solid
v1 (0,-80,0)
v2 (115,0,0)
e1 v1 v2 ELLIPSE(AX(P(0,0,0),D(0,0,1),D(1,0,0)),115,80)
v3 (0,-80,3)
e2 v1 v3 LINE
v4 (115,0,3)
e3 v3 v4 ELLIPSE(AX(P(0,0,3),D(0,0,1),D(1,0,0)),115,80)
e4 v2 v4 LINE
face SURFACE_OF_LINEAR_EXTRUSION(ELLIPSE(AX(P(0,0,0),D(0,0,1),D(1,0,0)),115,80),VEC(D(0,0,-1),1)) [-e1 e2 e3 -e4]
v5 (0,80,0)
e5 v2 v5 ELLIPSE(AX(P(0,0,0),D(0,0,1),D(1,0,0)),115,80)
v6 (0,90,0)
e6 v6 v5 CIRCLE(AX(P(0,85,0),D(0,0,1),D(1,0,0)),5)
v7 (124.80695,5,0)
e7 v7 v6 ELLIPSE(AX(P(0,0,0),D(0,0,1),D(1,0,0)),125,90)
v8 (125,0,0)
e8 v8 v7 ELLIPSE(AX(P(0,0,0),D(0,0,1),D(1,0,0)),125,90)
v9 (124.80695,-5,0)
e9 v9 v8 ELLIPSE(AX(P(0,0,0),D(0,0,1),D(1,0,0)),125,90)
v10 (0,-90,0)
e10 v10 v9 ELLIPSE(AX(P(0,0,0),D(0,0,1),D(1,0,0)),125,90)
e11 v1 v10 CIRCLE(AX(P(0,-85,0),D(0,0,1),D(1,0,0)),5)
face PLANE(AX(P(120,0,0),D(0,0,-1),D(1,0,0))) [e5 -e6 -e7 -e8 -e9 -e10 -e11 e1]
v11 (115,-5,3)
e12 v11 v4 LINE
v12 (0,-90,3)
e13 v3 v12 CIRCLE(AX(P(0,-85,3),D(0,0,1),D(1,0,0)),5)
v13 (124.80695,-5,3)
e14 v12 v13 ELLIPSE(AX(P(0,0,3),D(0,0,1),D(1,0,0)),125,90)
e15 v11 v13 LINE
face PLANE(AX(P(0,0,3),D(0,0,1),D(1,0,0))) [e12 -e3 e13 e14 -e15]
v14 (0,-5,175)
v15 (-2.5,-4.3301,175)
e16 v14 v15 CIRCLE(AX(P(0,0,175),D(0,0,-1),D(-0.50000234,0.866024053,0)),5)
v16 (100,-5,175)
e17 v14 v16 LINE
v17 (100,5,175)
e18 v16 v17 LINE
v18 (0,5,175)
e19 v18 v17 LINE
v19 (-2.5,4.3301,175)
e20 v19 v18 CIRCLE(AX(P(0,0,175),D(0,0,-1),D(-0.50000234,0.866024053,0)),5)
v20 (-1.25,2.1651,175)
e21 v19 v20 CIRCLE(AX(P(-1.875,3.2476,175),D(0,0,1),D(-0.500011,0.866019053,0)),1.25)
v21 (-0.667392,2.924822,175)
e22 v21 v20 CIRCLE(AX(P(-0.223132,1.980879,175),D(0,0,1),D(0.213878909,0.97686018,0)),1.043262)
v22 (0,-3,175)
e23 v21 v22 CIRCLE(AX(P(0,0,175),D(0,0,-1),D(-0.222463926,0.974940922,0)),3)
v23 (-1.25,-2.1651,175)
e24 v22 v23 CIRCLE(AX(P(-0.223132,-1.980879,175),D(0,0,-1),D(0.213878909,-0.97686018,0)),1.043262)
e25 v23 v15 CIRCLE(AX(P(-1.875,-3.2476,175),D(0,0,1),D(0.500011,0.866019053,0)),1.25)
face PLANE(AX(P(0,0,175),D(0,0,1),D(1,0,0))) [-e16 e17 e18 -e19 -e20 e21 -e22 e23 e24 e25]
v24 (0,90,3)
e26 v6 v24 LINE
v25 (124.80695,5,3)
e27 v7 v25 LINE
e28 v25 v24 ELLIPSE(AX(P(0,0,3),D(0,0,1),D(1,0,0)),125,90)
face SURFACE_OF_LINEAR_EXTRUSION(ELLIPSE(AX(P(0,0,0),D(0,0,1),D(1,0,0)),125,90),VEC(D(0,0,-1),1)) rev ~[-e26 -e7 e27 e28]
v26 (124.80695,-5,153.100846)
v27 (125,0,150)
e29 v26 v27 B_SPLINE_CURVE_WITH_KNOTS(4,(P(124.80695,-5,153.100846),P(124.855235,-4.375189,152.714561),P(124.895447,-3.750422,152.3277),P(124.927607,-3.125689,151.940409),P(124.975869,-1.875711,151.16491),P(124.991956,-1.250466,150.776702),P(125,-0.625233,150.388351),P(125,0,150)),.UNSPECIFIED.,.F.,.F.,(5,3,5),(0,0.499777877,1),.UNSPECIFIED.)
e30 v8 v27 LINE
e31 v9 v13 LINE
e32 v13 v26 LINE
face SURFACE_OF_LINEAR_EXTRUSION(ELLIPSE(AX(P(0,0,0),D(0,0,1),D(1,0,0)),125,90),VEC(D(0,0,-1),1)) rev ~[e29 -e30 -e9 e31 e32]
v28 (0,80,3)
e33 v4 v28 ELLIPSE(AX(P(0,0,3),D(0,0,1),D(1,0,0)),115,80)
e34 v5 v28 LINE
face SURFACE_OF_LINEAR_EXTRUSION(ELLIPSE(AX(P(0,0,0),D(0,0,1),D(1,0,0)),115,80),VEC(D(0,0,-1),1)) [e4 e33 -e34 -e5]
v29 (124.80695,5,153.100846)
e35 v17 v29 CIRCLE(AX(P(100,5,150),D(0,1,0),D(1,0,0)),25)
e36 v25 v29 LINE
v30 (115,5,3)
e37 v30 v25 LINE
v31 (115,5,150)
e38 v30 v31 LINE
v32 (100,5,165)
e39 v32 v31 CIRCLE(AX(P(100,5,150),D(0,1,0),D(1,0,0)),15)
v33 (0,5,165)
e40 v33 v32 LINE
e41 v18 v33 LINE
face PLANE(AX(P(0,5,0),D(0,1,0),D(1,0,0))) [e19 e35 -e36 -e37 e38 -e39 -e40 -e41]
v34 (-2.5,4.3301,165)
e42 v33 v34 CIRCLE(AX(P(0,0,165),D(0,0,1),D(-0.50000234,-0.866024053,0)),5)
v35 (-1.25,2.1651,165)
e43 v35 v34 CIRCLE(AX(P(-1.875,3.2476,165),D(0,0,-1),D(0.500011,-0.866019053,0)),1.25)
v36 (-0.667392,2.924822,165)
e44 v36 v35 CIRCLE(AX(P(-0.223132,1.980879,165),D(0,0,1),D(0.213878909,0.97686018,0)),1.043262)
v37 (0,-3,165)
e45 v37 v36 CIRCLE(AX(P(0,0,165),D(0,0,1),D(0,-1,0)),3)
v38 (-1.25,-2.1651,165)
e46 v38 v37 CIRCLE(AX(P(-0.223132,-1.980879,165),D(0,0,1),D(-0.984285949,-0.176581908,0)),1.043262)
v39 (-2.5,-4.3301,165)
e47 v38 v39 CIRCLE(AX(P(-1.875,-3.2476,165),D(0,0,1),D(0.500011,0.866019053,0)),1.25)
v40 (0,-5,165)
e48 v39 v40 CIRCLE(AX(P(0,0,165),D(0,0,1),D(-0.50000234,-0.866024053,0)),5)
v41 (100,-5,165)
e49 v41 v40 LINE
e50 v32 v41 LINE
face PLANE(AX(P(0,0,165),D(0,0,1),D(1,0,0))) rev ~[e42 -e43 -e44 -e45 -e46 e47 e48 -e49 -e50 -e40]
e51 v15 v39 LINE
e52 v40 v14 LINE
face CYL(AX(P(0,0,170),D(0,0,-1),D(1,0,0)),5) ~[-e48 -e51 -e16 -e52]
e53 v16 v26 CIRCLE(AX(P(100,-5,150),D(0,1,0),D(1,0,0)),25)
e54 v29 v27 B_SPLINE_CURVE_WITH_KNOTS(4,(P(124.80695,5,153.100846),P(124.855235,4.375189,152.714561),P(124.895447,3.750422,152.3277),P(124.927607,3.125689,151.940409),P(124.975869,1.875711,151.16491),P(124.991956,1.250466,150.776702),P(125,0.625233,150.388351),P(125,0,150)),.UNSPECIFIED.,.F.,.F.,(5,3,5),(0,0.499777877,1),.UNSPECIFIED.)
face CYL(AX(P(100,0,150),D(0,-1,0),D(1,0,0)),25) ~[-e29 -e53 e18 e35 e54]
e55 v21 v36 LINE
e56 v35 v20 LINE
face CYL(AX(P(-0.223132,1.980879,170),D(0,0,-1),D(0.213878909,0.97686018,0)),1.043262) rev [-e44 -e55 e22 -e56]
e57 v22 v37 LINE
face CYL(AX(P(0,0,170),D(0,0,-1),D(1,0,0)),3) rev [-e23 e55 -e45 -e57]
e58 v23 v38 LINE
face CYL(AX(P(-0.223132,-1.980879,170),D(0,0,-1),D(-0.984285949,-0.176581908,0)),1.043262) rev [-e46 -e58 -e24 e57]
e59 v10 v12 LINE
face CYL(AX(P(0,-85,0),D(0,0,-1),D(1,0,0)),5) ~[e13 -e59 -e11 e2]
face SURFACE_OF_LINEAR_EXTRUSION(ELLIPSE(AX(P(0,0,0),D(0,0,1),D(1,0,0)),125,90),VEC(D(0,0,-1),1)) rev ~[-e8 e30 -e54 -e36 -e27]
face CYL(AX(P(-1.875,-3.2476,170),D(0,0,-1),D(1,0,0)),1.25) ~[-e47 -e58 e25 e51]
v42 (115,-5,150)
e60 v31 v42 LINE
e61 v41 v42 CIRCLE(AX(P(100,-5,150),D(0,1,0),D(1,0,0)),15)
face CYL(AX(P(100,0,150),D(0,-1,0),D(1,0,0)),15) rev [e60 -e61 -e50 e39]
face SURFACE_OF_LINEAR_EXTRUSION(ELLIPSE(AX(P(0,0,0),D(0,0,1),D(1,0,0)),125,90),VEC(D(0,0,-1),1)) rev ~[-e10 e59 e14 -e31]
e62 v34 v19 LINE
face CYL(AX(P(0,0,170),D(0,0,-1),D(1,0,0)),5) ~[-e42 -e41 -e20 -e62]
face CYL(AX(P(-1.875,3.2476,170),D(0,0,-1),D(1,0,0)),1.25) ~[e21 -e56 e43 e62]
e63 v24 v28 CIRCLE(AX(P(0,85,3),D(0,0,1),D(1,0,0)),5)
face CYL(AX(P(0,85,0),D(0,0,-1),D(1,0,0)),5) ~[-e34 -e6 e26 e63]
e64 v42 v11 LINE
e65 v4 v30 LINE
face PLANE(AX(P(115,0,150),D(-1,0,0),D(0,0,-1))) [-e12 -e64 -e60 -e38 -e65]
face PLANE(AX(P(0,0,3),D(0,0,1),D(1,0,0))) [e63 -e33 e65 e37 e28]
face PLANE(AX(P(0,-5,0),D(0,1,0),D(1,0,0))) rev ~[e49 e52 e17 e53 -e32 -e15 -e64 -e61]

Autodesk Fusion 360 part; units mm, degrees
sketch "スケッチ1" plane through (0, 0, 0) normal (0, 0, 1) x (1, 0, 0)
  circle A0 centre (0, 0) radius 76
  line L0 (-25, 0) -> (125, 0)
  circle A1 centre (120, 0) radius 5
  ellipse E0 centre (0, 0) end of major axis (125, 0) minor radius 90
  line L1 (-125, 0) -> (125, 0)
  line L2 (0, -90) -> (0, 90)
  ellipse E1 centre (0, 0) end of major axis (115, 0) minor radius 80
  line L3 (-115, 0) -> (115, 0)
  line L4 (0, -80) -> (0, 80)
  circle A2 centre (0, 85) radius 5
  circle A3 centre (0, -85) radius 5
  line L5 (120, 0) -> (115, 0)
  line L6 (120, 5) -> (120, 0)
  line L7 (115, 5) -> (125, 5)
  line L8 (125, 5) -> (125, -5)
  line L9 (125, -5) -> (115, -5)
  line L10 (115, -5) -> (115, 5)
  dimension "d1" = 152
  dimension "d2" = 150
extrude "押し出し1" add sketch "スケッチ1" along normal blind 141 contours A0 L0 L1 L2 L3 L4 | A0 L0 L1 L2 L3 L4 | A0 L0 L1 L2 L3 L4 | A0 L0 L1 L2 L3 L4 makes body 1
extrude "押し出し2" add sketch "スケッチ1" along normal blind 3 separate body contours E0 E1 A3 L9 L10 | E0 E1 A2 L7 L10 | L2 A2 | L2 A2 | L2 A3 | L2 A3 makes body 2 at (30.5782, -83.5354, 0)
sketch "スケッチ2" plane through (0, 0, 0) normal (0, 1, 0) x (1, 0, 0)
  line L0 (0, -170) -> (100, -170)
  line L1 (120, -150) -> (120, 0)
  arc A0 (100, -170) -> (120, -150) centre (100, -150) ccw
  line L2 (0, -170) -> (0, -175)
  line L3 (0, -175) -> (100, -175)
  line L4 (100, -175) -> (100, -165)
  line L5 (100, -165) -> (0, -165)
  line L6 (0, -165) -> (0, -175)
  circle A1 centre (100, -150) radius 15
  circle A2 centre (100, -150) radius 25
  line L7 (125, -150) -> (115, -150)
  line L8 (115, -150) -> (115, 0)
  line L9 (115, 0) -> (125, 0)
  line L10 (125, 0) -> (125, -150)
  dimension "d11" = 20
  dimension "d24" = 5
  dimension "d25" = 100
  dimension "d26" = 10
ref_plane "作業平面1" through (0, 0, 170) normal (0, 0, 1) x (1, 0, 0)
sketch "スケッチ3" plane through (0, 0, 170) normal (0, 0, 1) x (1, 0, 0)
  circle A0 centre (0, 0) radius 3
  circle A1 centre (0, 0) radius 5
  circle A2 centre (0, 0) radius 2.5
  line L0 (0, 0) -> (-5, 0)
  line L1 (0, 0) -> (-2.5, 4.3301)
  line L2 (0, 0) -> (-2.5, -4.3301)
  circle A3 centre (-1.875, 3.2476) radius 1.25
  circle A4 centre (-1.875, -3.2476) radius 1.25
  line L3 (0, 0) -> (5, 0)
  line L4 (0, 0) -> (0, 5)
  line L5 (0, 0) -> (0, -5)
  arc A5 (0, 3) -> (-1.25, 2.1651) centre (-0.2231, 1.9809) ccw
  arc A6 (-1.25, -2.1651) -> (0, -3) centre (-0.2231, -1.9809) ccw
  dimension "d17" = 6
  dimension "d18" = 10
  dimension "d23" = 5
extrude "押し出し4" add sketch "スケッチ3" along normal mid plane 10 separate body contours A0 A1 L3 L5 | A0 A1 L3 L4 | A1 A3 L4 A5 | A0 A5 | A0 A6 | A1 A4 L5 A6 | A0 L1 A5 | A0 L1 A3 | A0 L2 A4 | A0 L2 A6 | A0 L1 A3 | A0 L1 A3 | A0 L2 A4 | A0 L2 A4 makes body 3
extrude "押し出し6" add sketch "スケッチ2" along normal mid plane 10 contours L0 L5 L6 A2 | L0 L2 L3 L6 A2 | L0 L4 L5 A2 | L0 L4 A2 | A0 L4 A1 L7 | A0 L4 A2 L7 | L1 A2 L7 L8 | L1 A2 L7 | L1 A2 L8 L9 | L1 A2 L9 L10 bodies 3 2
extrude "押し出し5" cut sketch "スケッチ3" along normal mid plane 10 contours A0 A2 L3 L4 | A0 A2 L3 L5 | A0 A2 A3 L4 | A0 A6 | A0 A2 A4 L5 | A2 L3 L4 | A2 L3 L5 | A3 A5 | A2 L1 L4 | A4 A6 bodies 3
extrude "押し出し7" cut sketch "スケッチ1" along normal blind 175 contours E0 L8 L9 | E0 L7 L8 bodies 3
sketch "スケッチ4" plane through (0, 0, 0) normal (0, 0, 1) x (1, 0, 0)
  circle A0 centre (85, 0) radius 3
  circle A1 centre (75, 0) radius 3
  dimension "d66" = 6
  dimension "d68" = 6
extrude "押し出し8" add sketch "スケッチ4" along normal blind 150 separate body makes body 4 at (85.8125, 2.8879, 100) makes body 5 at (75.8125, 2.8879, 100)
sketch "スケッチ5" plane through (0, 0, 150) normal (0, 0, 1) x (-1, 0, 0)
  circle A0 centre (-85, 0) radius 3
  circle A1 centre (-75, 0) radius 3
  circle A2 centre (-85, 0) radius 1.5
  circle A3 centre (-75, 0) radius 1.6
  dimension "d69" = 3
  dimension "d70" = 3.2
extrude "押し出し9" add sketch "スケッチ5" along normal blind 3 contours A2 bodies 4
extrude "押し出し10" cut sketch "スケッチ5" against normal blind 3 contours A3 bodies 5
sketch "スケッチ6" plane through (0, 0, 0) normal (0, 0, 1) x (1, 0, 0)
  circle A0 centre (0, 0) radius 60
  circle A1 centre (0, 0) radius 55
  circle A2 centre (0, 0) radius 25
  line L0 (0, 0) -> (0, 60)
  line L1 (2.5, 55) -> (2.5, 0)
  line L2 (2.5, 0) -> (-2.5, 0)
  line L3 (-2.5, 0) -> (-2.5, 55)
  line L4 (1.25, -2.1651) -> (-46.3814, -29.6651)
  line L5 (-48.8814, -25.3349) -> (-1.25, 2.1651)
  line L6 (-1.25, 2.1651) -> (1.25, -2.1651)
  line L7 (1.25, 2.1651) -> (48.8814, -25.3349)
  line L8 (46.3814, -29.6651) -> (-1.25, -2.1651)
  line L9 (-1.25, -2.1651) -> (1.25, 2.1651)
  circle A3 centre (0, 0) radius 3
  dimension "d41" = 50
  dimension "d43" = 5
  dimension "d45" = 360
  dimension "d48" = 6
extrude "押し出し11" add sketch "スケッチ6" along normal blind 3 separate body contours A1 A2 L0 L1 | A1 A2 L0 L3 | A0 | A2 L0 L3 A3 | A2 L0 L1 A3 | A1 A2 L4 L5 | L0 L1 L7 L9 A3 | L0 L3 L5 L6 A3 | A1 A2 L7 L8 | A2 L4 L5 A3 | L1 L2 L7 L9 | L2 L3 L4 L5 L8 L9 A3 | L2 L3 L5 L6 | L1 L2 L4 L6 L7 L8 A3 | L4 L6 L8 L9 | A2 L7 L8 A3 makes body 6
extrude "押し出し12" add sketch "スケッチ6" along normal blind 13 contours L0 L1 L7 L9 A3 | L0 L3 L5 L6 A3 | L1 L7 A3 | L3 L5 A3 | L1 L2 L7 L9 | L2 L3 L4 L5 L8 L9 A3 | L2 L3 L5 L6 | L1 L2 L4 L6 L7 L8 A3 | L4 L6 L8 L9 | L4 L8 A3 bodies 6
ref_plane "作業平面2" through (0, 0, 23) normal (0, 0, 1) x (1, 0, 0)
sketch "スケッチ7" plane through (0, 0.0029, 23) normal (0, 0, 1) x (1, 0, 0)
  circle A0 centre (0, 0) radius 25
  line L0 (0, 0) -> (25, 0) construction
  line L1 (0, 0) -> (26.2494, 0) construction
  line L2 (0, 0) -> (28.4476, 0) construction
  circle A1 centre (-20.7846, -12) radius 1
  circle A2 centre (20.7846, -12) radius 1
  circle A3 centre (0, 24) radius 1
  dimension "d61" = 2
  dimension "d62" = 2
  dimension "d63" = 2
sketch "スケッチ8" plane through (0, 0, 13) normal (0, 0, 1) x (-1, 0, 0)
  circle A0 centre (0, 0) radius 3
  circle A1 centre (0, 0) radius 3
loft "ロフト1" add profiles "スケッチ8", "スケッチ7" section 1 section 2 contours A3 bodies 6
loft "ロフト2" add profiles "スケッチ8", "スケッチ7" section 1 section 2 contours A1 bodies 6
loft "ロフト3" add profiles "スケッチ8", "スケッチ7" section 1 section 2 contours A2 bodies 6
extrude "押し出し13" add sketch "スケッチ7" against normal blind 20 contours A3 | A1 | A2 bodies 6
hidden bodies 1 4 5 6
